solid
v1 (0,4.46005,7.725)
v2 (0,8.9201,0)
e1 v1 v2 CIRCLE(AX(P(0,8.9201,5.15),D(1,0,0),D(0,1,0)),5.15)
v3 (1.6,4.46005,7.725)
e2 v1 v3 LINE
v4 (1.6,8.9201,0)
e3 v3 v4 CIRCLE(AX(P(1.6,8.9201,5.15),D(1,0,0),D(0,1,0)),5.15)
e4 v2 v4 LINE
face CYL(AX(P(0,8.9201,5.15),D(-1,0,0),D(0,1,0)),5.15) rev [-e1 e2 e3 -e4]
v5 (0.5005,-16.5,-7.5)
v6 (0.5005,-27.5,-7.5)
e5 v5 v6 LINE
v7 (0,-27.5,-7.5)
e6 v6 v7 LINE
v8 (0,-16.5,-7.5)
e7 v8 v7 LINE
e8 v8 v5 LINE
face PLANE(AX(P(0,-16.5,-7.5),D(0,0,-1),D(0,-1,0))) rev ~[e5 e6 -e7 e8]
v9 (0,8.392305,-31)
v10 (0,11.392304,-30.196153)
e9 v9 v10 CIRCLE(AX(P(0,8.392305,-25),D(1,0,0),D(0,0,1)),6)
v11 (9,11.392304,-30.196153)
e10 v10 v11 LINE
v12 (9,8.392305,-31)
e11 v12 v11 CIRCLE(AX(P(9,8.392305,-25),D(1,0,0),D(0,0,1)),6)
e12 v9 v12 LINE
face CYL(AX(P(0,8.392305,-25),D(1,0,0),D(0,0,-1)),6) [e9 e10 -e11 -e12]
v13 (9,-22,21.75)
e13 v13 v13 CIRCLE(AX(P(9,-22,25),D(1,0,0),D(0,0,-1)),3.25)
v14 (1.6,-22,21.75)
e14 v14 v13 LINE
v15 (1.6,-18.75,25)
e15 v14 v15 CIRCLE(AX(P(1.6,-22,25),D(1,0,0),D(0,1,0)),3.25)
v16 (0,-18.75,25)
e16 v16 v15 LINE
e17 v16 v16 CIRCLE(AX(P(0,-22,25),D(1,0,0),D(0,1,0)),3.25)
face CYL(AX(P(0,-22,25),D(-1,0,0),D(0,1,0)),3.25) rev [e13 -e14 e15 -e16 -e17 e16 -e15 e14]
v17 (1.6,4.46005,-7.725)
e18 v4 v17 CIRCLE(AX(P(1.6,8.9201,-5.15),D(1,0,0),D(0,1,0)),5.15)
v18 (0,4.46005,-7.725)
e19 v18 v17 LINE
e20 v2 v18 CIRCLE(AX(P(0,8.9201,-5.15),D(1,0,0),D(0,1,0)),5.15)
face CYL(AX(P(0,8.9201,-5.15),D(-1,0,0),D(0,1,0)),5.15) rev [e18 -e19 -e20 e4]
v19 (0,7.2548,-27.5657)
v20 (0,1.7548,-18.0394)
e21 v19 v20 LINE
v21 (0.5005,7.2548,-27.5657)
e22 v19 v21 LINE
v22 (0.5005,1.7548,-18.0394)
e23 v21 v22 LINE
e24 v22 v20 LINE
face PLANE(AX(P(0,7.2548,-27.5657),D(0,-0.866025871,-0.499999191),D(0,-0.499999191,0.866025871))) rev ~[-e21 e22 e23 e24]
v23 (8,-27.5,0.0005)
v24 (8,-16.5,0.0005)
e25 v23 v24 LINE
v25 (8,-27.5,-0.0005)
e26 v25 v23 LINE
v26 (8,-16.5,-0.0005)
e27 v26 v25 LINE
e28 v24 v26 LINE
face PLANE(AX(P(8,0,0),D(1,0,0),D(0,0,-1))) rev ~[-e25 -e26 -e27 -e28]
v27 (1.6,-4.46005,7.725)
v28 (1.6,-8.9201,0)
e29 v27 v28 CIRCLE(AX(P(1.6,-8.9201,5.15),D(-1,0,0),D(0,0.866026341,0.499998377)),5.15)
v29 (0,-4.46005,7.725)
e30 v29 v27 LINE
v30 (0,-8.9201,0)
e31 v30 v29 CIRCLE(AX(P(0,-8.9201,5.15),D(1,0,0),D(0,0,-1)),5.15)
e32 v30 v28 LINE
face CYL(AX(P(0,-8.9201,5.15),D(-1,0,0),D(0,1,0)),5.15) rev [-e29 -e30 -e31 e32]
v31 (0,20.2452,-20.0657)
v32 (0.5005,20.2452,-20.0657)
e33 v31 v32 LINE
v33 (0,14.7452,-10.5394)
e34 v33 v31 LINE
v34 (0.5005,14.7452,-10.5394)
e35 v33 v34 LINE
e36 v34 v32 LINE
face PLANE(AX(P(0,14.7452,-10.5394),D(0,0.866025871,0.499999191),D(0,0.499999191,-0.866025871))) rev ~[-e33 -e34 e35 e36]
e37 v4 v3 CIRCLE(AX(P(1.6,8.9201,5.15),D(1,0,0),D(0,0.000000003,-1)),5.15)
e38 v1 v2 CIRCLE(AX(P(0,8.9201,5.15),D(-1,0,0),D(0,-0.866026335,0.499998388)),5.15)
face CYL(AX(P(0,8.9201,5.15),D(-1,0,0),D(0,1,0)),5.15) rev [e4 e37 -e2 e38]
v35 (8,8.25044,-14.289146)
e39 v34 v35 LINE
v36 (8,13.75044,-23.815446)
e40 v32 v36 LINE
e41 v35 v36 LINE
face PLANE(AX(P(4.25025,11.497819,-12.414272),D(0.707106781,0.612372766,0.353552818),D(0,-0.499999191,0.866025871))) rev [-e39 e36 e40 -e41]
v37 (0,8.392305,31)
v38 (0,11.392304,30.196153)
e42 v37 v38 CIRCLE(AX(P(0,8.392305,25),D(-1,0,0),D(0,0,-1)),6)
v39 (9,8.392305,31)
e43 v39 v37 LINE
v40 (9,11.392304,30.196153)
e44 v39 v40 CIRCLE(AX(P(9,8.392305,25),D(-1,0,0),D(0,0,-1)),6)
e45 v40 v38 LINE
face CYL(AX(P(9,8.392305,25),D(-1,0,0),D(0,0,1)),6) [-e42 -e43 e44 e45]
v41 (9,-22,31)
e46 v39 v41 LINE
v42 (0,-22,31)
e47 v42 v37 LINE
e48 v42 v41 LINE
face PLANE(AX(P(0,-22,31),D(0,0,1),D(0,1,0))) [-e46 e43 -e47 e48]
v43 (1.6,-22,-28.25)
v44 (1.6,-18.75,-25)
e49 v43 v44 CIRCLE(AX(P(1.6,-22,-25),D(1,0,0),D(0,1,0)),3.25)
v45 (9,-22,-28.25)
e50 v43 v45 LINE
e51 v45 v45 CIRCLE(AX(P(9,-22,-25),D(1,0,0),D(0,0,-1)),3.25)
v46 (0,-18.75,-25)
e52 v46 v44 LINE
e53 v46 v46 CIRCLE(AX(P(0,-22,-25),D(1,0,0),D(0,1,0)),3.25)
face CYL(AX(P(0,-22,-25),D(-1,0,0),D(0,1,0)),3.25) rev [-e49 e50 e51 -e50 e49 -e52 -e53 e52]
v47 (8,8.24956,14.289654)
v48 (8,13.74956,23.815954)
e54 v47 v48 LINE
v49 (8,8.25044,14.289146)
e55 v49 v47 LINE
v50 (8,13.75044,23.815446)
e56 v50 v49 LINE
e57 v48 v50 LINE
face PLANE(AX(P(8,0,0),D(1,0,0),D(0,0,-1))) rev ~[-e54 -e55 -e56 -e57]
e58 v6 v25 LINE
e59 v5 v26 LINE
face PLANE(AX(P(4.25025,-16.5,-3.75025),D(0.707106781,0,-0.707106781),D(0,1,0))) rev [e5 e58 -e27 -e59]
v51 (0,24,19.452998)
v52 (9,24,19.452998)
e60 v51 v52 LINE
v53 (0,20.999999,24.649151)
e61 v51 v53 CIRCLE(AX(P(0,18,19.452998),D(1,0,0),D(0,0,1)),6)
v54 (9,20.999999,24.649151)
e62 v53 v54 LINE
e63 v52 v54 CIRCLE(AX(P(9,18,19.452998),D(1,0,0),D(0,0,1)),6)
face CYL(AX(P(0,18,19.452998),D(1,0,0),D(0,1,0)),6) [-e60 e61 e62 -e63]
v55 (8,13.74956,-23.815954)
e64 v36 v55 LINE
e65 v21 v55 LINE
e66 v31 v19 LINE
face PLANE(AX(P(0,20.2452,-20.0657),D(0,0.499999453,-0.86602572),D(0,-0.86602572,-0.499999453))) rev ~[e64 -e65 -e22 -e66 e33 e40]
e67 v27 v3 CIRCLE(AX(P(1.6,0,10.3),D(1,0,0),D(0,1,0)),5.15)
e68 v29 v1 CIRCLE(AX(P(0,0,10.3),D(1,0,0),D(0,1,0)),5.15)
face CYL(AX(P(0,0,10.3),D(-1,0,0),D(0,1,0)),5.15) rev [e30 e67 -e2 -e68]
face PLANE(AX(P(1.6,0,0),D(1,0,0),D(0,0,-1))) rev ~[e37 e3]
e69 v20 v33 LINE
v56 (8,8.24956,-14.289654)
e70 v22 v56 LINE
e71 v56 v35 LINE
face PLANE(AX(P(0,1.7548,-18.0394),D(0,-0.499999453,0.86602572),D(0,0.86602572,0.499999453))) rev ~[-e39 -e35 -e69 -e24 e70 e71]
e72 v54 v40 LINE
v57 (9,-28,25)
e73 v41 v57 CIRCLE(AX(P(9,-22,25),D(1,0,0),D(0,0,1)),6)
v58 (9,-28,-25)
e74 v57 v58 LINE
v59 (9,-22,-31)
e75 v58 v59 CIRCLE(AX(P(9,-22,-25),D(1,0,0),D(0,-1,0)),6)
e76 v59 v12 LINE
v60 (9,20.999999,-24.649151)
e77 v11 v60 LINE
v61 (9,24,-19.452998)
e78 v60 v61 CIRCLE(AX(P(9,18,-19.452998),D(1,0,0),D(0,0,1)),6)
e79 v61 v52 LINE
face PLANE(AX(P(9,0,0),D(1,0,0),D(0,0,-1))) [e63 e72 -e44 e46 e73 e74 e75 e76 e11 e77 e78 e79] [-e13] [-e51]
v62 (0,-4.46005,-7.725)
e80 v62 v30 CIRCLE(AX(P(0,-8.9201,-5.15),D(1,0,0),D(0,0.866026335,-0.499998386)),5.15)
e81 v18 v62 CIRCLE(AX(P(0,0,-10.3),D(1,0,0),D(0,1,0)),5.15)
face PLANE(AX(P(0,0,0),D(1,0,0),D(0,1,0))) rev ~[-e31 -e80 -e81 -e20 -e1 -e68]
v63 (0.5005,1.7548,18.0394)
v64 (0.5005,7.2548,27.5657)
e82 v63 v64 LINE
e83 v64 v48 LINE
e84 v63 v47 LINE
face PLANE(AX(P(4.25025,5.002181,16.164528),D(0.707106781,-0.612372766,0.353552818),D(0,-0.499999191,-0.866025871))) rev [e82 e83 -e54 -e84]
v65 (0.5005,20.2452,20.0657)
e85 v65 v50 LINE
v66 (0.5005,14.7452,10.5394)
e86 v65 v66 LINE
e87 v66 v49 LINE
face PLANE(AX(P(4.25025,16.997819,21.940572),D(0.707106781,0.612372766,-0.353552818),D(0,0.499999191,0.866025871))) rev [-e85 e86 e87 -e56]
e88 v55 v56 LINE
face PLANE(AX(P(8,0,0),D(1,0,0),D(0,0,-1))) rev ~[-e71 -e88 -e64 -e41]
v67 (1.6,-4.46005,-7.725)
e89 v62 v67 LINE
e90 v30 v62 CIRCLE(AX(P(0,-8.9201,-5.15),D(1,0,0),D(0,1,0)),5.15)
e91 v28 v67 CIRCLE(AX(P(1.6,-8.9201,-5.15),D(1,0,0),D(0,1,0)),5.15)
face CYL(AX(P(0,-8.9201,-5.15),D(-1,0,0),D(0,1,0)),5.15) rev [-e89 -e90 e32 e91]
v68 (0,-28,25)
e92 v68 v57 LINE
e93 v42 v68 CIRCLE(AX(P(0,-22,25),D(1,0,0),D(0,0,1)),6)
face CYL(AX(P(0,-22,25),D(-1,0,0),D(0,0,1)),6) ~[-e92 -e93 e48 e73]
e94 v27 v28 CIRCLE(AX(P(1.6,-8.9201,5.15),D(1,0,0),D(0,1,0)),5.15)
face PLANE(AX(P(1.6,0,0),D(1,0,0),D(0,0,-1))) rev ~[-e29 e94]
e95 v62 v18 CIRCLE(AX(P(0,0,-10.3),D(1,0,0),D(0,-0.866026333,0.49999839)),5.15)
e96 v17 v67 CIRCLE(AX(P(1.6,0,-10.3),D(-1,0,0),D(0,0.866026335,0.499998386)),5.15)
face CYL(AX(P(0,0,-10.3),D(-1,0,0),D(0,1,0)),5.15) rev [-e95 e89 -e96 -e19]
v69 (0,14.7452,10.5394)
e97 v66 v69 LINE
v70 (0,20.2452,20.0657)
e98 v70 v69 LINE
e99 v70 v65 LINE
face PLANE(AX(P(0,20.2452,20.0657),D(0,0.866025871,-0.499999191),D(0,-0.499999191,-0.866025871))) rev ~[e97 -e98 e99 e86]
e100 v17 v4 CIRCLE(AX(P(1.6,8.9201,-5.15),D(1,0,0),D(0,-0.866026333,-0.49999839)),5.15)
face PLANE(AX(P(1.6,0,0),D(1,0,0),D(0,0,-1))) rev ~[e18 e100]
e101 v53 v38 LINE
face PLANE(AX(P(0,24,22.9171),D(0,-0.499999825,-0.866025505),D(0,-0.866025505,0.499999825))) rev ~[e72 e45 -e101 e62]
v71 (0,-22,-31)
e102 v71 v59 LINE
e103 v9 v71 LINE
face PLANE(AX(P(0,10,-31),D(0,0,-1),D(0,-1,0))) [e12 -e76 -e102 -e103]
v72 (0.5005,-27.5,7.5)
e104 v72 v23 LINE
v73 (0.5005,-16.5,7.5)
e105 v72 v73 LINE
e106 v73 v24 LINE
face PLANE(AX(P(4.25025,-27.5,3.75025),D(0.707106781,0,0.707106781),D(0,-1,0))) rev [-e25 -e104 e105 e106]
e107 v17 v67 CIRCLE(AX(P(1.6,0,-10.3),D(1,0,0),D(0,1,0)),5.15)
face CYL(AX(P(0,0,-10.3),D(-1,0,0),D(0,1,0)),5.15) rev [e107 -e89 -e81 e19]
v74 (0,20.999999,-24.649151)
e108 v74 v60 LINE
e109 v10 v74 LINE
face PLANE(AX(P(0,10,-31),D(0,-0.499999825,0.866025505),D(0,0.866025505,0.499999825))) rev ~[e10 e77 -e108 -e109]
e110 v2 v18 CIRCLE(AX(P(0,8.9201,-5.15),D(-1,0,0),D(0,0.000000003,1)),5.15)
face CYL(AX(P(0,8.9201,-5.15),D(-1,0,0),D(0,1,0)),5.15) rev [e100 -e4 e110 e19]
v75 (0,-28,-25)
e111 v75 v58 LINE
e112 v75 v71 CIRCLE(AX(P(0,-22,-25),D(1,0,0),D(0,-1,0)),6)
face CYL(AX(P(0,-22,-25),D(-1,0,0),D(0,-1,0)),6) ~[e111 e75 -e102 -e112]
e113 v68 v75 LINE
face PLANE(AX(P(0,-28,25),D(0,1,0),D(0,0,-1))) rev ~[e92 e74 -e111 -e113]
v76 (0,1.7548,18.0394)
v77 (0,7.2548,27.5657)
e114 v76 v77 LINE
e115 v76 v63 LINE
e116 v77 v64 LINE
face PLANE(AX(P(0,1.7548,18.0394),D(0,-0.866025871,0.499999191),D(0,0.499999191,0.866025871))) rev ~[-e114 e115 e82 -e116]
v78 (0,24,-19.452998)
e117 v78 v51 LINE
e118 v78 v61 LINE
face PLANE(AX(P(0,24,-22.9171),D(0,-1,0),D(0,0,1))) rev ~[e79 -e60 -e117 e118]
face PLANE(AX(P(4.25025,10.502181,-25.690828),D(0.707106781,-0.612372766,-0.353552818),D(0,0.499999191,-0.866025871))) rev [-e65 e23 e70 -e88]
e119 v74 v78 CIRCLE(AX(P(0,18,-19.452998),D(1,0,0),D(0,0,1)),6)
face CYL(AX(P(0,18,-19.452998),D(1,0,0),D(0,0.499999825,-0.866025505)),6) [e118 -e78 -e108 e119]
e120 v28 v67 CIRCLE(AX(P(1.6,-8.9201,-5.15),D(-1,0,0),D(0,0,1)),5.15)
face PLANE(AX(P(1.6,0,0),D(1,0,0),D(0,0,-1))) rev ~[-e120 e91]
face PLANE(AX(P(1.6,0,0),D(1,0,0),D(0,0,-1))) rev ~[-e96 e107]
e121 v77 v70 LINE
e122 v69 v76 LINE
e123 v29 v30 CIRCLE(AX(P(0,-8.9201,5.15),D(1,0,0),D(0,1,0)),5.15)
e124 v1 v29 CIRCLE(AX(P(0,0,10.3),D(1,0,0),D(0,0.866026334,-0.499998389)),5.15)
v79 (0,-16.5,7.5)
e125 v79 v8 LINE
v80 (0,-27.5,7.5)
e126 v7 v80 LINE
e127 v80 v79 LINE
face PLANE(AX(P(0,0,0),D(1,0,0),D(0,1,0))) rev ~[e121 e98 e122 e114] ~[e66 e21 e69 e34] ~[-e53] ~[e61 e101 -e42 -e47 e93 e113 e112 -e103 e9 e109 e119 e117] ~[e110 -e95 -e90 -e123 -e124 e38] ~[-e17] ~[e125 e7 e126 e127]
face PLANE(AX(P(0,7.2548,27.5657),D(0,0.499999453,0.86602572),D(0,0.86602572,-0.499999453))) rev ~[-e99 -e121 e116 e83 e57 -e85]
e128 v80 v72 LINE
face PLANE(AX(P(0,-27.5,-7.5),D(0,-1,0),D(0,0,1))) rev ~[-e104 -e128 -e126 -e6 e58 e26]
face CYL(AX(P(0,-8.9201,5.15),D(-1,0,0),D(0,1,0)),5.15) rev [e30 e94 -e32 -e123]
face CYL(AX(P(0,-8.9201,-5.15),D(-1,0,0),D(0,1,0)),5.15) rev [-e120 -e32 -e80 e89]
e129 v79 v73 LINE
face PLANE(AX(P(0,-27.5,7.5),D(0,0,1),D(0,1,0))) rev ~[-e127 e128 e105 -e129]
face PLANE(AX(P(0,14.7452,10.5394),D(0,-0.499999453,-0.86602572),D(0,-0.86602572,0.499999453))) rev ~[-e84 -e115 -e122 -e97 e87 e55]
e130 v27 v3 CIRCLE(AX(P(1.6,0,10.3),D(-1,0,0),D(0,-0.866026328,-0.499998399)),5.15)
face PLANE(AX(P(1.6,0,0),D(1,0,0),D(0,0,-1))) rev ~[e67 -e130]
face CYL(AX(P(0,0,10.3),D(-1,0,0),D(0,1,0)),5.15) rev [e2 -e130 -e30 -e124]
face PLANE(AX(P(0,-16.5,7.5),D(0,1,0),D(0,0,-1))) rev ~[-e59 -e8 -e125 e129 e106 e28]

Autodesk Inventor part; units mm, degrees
ref_plane "YZ Plane" through (0, 0, 0) normal (1, 0, 0) x (0, 1, 0)
ref_plane "XZ Plane" through (0, 0, 0) normal (0, 1, 0) x (-1, 0, 0)
ref_plane "XY Plane" through (0, 0, 0) normal (0, 0, 1) x (1, 0, 0)
sketch "Sketch1" plane through (0, 0, 0) normal (1, 0, 0) x (0, 1, 0)
  circle A0 centre (8.9201, -5.15) radius 5.15
  circle A1 centre (8.9201, 5.15) radius 5.15
  circle A2 centre (0, 10.3) radius 5.15
  circle A3 centre (-8.9201, 5.15) radius 5.15
  circle A4 centre (-8.9201, -5.15) radius 5.15
  circle A5 centre (0, -10.3) radius 5.15
  line L0 (-27.5, 7.5) -> (-16.5, 7.5)
  line L1 (-16.5, 7.5) -> (-16.5, -7.5)
  line L2 (-16.5, -7.5) -> (-27.5, -7.5)
  line L3 (-27.5, -7.5) -> (-27.5, 7.5)
  line L4 (-27.5, 7.5) -> (-16.5, -7.5) construction
  line L5 (-16.5, 7.5) -> (-27.5, -7.5) construction
  line L6 (14.7452, -10.5394) -> (20.2452, -20.0657)
  line L7 (1.7548, -18.0394) -> (14.7452, -10.5394)
  line L8 (7.2548, -27.5657) -> (1.7548, -18.0394)
  line L9 (20.2452, -20.0657) -> (7.2548, -27.5657)
  line L10 (1.7548, 18.0394) -> (7.2548, 27.5657)
  line L11 (14.7452, 10.5394) -> (1.7548, 18.0394)
  line L12 (20.2452, 20.0657) -> (14.7452, 10.5394)
  line L13 (7.2548, 27.5657) -> (20.2452, 20.0657)
  circle A6 centre (-22, 25) radius 3.25
  circle A7 centre (-22, -25) radius 3.25
  arc A8 (-22, 31) -> (-28, 25) centre (-22, 25) ccw
  arc A9 (-28, -25) -> (-22, -31) centre (-22, -25) ccw
  line L14 (-28, 25) -> (-28, -25)
  line L15 (-22, 31) -> (10, 31)
  line L16 (10, -31) -> (-22, -31)
  line L17 (10, -31) -> (24, -22.9171)
  line L18 (24, -22.9171) -> (24, 22.9171)
  line L19 (24, 22.9171) -> (10, 31)
  point P0 (0, 0)
  point P1 (-22, 0)
  point P2 (-4.46, -7.725)
  point P3 (-8.9201, 0)
  point P4 (-4.46, 7.725)
  point P5 (4.46, 7.725)
  point P6 (8.9201, 0)
  point P7 (4.46, -7.725)
  dimension "d0" = 10.3
  dimension "d3" = 360
  dimension "d5" = 15
  dimension "d6" = 11
  dimension "d7" = 22
  dimension "d10" = 360
  dimension "d12" = 25
  dimension "d13" = 50
  dimension "d14" = 6.5
  dimension "d15" = 12
  dimension "d29" = 10
  dimension "d31" = 24
extrude "Layer1_Magnets_16" add sketch "Sketch1" along normal blind 1.6 contours A0 A5 A4 A3 A2 A1 | L15 L19 L18 L17 L16 A9 L14 A8
sketch "Sketch2" plane through (1.6, 0, 0) normal (1, 0, 0) x (0, 0, -1)
  arc A0 (-31, -22) -> (-25, -28) centre (-25, -22) ccw projected
  line L0 (-25, -28) -> (25, -28) projected
  arc A1 (25, -28) -> (31, -22) centre (25, -22) ccw projected
  line L1 (31, -22) -> (31, 10) projected
  line L2 (-31, 10) -> (-31, -22) projected
  arc A2 (7.725, -4.46) -> (7.725, 4.46) centre (10.3, 0) ccw projected
  arc A3 (0, -8.9201) -> (7.725, -4.46) centre (5.15, -8.9201) ccw projected
  arc A4 (-7.725, -4.46) -> (0, -8.9201) centre (-5.15, -8.9201) ccw projected
  arc A5 (-7.725, 4.46) -> (-7.725, -4.46) centre (-10.3, 0) ccw projected
  arc A6 (0, 8.9201) -> (-7.725, 4.46) centre (-5.15, 8.9201) ccw projected
  arc A7 (7.725, 4.46) -> (0, 8.9201) centre (5.15, 8.9201) ccw projected
  circle A8 centre (25, -22) radius 3.25 projected
  circle A9 centre (-25, -22) radius 3.25 projected
  line L3 (-18.0394, 1.7548) -> (-27.5657, 7.2548) projected
  line L4 (-27.5657, 7.2548) -> (-20.0657, 20.2452) projected
  line L5 (-20.0657, 20.2452) -> (-10.5394, 14.7452) projected
  line L6 (-10.5394, 14.7452) -> (-18.0394, 1.7548) projected
  line L7 (10.5394, 14.7452) -> (20.0657, 20.2452) projected
  line L8 (20.0657, 20.2452) -> (27.5657, 7.2548) projected
  line L9 (27.5657, 7.2548) -> (18.0394, 1.7548) projected
  line L10 (18.0394, 1.7548) -> (10.5394, 14.7452) projected
  line L11 (-7.5, -27.5) -> (-7.5, -16.5) projected
  line L12 (-7.5, -16.5) -> (7.5, -16.5) projected
  line L13 (7.5, -16.5) -> (7.5, -27.5) projected
  line L14 (7.5, -27.5) -> (-7.5, -27.5) projected
  arc A10 (0, 8.9201) -> (7.725, 4.46) centre (5.15, 8.9201) ccw projected
  arc A11 (-7.725, 4.46) -> (0, 8.9201) centre (-5.15, 8.9201) ccw projected
  arc A12 (-7.725, -4.46) -> (-7.725, 4.46) centre (-10.3, 0) ccw projected
  arc A13 (0, -8.9201) -> (-7.725, -4.46) centre (-5.15, -8.9201) ccw projected
  arc A14 (7.725, -4.46) -> (0, -8.9201) centre (5.15, -8.9201) ccw projected
  arc A15 (7.725, 4.46) -> (7.725, -4.46) centre (10.3, 0) ccw projected
  line L15 (31, 10) -> (22.9171, 24) projected
  line L16 (22.9171, 24) -> (-22.9171, 24) projected
  line L17 (-22.9171, 24) -> (-31, 10) projected
  point P0 (0, 0)
  point P1 (-7.725, 4.46)
  point P2 (-7.725, 4.46)
  point P3 (-7.725, 4.46)
  point P4 (-7.725, -4.46)
  point P5 (-7.725, -4.46)
  point P6 (-7.725, -4.46)
  point P7 (-7.725, -4.46)
  point P8 (0, -8.9201)
  point P9 (0, -8.9201)
  point P10 (0, -8.9201)
  point P11 (7.725, 4.46)
  point P12 (7.725, 4.46)
  point P13 (0, 8.9201)
  point P14 (0, 8.9201)
extrude "Layer2_Coupler_80" add sketch "Sketch2" along normal blind 6.4 contours L2 L17 L16 L15 L1 A1 L0 A0 | A15 A2 | A3 A14 | A14 A13 A12 A11 A10 A15 | A10 A7 | A4 A13 | A11 A6 | A5 A12
sketch "Sketch3" plane through (8, 0, 0) normal (1, 0, 0) x (0, 0, -1)
  circle A0 centre (25, -22) radius 3.25 projected
  circle A1 centre (-25, -22) radius 3.25 projected
  line L0 (-18.0394, 1.7548) -> (-27.5657, 7.2548) projected
  line L1 (-27.5657, 7.2548) -> (-20.0657, 20.2452) projected
  line L2 (-20.0657, 20.2452) -> (-10.5394, 14.7452) projected
  line L3 (-10.5394, 14.7452) -> (-18.0394, 1.7548) projected
  line L4 (10.5394, 14.7452) -> (20.0657, 20.2452) projected
  line L5 (20.0657, 20.2452) -> (27.5657, 7.2548) projected
  line L6 (27.5657, 7.2548) -> (18.0394, 1.7548) projected
  line L7 (18.0394, 1.7548) -> (10.5394, 14.7452) projected
  line L8 (-7.5, -27.5) -> (-7.5, -16.5) projected
  line L9 (-7.5, -16.5) -> (7.5, -16.5) projected
  line L10 (7.5, -16.5) -> (7.5, -27.5) projected
  line L11 (7.5, -27.5) -> (-7.5, -27.5) projected
  line L12 (-25, -28) -> (25, -28) projected
  arc A2 (25, -28) -> (31, -22) centre (25, -22) ccw projected
  line L13 (31, -22) -> (31, 10) projected
  line L14 (-31, 10) -> (-31, -22) projected
  arc A3 (-31, -22) -> (-25, -28) centre (-25, -22) ccw projected
  line L15 (22.9171, 24) -> (-22.9171, 24) projected
  line L16 (-22.9171, 24) -> (-31, 10) projected
  line L17 (31, 10) -> (22.9171, 24) projected
  point P0 (0, 0)
extrude "Layer3_Cover_90" add sketch "Sketch3" along normal blind 1 contours L0 L1 L2 L3 | L4 L5 L6 L7 | L8 L9 L10 L11 | A3 L14 L16 L15 L17 L13 A2 L12
chamfer "CouplerL" distance 7.5 angle 45 6 edges at (8, -22, 7.5) (8, -22, -7.5) (8, 4.5048, -22.8026) (8, 17.4952, -15.3026) (8, 17.4952, 15.3026) (8, 4.5048, 22.8026)
fillet "EdgeRadius" radius 6 4 edges at (4.5, 10, -31) (4.5, 10, 31) (4.5, 24, 22.9171) (4.5, 24, -22.9171)
equation "\"d13\" = 2 * d12"
properties part number "Tool_Template" material "ABS Plastic"
